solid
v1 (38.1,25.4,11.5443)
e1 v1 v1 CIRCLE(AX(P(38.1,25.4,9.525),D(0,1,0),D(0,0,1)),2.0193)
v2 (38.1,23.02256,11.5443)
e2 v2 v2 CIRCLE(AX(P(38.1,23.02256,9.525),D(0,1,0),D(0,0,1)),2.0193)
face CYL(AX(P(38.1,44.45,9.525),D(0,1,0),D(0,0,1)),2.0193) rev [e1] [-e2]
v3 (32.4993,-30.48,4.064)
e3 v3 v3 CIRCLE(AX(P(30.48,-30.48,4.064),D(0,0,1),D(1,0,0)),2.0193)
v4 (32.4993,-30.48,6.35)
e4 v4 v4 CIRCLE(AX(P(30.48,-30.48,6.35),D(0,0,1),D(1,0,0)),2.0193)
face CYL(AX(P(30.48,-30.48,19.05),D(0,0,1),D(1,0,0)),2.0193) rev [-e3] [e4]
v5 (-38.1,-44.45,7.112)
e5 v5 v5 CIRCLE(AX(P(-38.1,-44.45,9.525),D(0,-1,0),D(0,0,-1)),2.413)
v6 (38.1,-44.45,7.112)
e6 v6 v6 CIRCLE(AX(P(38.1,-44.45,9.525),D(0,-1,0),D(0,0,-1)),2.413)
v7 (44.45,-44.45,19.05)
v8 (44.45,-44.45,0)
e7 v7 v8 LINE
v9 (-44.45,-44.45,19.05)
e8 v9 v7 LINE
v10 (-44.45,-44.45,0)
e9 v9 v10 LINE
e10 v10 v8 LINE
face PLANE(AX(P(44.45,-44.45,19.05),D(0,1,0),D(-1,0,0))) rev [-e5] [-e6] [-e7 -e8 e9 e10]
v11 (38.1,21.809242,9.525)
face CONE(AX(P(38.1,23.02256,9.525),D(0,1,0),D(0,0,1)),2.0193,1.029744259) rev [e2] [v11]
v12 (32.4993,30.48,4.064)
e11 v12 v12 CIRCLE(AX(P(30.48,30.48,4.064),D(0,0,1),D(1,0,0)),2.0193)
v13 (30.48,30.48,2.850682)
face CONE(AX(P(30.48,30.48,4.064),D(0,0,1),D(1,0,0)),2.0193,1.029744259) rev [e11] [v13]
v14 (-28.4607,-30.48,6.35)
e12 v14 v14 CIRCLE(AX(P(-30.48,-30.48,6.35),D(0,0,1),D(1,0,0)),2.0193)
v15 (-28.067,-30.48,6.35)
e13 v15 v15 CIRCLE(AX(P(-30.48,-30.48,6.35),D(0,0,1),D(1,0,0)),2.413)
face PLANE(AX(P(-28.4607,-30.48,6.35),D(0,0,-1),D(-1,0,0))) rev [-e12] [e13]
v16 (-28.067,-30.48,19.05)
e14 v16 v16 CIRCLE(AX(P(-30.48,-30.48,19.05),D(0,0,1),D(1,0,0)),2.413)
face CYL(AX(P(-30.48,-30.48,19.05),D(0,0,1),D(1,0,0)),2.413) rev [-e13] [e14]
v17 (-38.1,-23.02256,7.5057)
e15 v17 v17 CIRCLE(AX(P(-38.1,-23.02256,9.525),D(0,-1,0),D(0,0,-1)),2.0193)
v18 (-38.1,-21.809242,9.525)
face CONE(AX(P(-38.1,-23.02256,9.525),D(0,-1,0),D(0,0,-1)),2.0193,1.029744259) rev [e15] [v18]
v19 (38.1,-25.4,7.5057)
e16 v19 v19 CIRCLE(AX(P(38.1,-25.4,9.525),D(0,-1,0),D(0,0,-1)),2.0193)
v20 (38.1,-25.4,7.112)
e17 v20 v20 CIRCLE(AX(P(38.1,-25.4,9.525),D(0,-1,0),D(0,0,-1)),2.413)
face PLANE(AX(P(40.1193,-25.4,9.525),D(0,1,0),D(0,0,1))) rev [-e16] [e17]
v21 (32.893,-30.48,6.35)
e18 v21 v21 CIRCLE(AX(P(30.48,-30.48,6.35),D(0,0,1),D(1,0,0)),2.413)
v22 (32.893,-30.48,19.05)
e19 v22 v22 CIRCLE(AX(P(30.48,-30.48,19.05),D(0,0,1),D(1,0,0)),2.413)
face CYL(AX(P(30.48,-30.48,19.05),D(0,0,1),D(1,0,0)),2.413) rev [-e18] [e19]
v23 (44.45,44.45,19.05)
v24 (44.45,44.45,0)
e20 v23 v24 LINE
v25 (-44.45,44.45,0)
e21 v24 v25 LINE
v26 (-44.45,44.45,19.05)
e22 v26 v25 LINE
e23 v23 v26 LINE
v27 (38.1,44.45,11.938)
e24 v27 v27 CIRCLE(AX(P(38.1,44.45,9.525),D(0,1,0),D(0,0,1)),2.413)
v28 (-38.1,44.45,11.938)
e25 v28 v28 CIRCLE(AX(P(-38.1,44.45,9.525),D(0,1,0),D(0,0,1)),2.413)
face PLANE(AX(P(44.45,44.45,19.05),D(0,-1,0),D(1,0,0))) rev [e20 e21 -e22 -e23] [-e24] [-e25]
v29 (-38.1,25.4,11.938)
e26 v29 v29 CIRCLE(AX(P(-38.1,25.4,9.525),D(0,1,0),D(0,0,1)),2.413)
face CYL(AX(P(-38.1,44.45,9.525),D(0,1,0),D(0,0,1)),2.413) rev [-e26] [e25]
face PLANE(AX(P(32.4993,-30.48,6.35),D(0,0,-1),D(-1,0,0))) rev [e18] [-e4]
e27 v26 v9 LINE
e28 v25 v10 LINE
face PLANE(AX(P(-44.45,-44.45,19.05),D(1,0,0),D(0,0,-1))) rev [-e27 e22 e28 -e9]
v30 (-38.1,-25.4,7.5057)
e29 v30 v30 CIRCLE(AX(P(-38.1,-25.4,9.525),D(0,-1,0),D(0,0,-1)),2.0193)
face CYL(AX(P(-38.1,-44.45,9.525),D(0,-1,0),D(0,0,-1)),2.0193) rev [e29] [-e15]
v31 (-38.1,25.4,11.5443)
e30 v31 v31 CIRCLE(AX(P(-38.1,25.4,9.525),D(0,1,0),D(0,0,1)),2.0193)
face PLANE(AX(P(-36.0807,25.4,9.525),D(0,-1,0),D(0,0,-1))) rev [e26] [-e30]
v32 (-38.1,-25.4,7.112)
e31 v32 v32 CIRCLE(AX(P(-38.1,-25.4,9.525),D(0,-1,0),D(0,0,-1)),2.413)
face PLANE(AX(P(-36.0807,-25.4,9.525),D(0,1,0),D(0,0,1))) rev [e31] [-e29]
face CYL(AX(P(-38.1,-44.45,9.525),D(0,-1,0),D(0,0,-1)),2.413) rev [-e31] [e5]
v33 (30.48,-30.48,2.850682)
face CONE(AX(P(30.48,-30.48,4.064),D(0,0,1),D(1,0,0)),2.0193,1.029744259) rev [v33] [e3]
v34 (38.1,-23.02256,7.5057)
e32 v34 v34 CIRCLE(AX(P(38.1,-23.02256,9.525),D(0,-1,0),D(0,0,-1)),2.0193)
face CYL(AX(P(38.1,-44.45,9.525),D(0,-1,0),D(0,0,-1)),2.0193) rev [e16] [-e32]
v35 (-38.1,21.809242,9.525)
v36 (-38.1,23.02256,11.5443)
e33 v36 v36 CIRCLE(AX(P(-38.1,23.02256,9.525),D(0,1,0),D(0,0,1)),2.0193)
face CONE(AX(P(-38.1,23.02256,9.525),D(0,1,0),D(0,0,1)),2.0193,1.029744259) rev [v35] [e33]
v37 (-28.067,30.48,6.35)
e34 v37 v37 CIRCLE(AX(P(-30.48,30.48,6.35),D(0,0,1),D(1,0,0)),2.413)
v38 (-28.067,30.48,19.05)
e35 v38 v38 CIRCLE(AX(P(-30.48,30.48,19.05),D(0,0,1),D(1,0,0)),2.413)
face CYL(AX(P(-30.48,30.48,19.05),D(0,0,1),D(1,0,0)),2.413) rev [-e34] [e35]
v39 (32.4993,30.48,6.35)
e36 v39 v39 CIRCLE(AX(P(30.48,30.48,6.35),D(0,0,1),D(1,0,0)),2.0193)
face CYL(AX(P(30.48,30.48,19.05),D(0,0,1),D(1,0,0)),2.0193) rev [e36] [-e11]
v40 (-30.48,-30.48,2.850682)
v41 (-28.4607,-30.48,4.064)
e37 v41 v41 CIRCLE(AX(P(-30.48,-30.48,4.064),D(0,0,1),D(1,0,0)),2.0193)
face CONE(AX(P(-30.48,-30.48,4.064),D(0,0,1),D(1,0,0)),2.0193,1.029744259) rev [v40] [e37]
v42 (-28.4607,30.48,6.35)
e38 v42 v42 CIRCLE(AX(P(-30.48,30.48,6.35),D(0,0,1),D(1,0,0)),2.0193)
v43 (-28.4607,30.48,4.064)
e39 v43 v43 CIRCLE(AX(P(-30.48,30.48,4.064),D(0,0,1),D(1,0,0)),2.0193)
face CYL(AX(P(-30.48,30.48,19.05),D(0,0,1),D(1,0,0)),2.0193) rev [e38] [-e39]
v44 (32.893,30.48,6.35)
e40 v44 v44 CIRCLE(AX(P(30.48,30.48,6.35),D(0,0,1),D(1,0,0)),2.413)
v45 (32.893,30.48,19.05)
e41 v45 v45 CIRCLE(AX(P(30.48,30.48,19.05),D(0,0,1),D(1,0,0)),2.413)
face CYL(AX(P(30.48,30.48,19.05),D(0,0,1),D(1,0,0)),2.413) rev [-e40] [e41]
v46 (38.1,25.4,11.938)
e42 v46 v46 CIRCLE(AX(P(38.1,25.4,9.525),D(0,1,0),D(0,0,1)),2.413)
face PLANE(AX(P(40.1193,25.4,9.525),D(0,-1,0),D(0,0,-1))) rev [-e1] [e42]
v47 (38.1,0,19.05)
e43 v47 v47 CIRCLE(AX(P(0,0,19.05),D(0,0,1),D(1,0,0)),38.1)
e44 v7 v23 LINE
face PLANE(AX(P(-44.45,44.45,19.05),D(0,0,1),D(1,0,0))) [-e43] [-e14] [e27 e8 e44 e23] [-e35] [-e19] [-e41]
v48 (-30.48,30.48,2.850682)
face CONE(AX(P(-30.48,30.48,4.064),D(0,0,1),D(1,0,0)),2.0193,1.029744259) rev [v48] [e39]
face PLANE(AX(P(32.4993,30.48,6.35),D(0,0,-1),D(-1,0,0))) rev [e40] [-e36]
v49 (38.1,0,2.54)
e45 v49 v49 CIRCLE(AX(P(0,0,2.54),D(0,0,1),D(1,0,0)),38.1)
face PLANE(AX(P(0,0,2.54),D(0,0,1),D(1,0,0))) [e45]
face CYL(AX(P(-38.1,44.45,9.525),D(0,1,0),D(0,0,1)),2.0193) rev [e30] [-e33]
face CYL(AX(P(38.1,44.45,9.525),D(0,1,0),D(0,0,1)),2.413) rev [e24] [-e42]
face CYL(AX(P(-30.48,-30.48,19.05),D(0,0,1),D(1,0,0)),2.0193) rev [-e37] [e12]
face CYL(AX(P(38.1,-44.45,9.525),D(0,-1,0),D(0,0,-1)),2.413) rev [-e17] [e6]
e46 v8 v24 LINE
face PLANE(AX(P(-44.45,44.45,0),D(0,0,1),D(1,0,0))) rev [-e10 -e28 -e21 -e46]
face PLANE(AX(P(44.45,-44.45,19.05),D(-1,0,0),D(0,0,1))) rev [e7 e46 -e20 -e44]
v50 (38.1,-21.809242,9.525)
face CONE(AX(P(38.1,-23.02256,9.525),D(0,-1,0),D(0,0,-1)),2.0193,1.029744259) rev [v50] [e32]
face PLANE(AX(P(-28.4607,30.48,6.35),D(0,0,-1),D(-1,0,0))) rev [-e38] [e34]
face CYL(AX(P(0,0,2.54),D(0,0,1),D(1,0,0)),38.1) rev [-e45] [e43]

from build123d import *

# Parameters (mm, degrees)
SKETCH1_W                        = 88.9
SKETCH1_H                        = 88.9
BOSS_EXTRUDE1_DEPTH              = 19.05
SKETCH2_R                        = 38.1
CUT_EXTRUDE1_DEPTH               = 16.51
F_10_32_TAPPED_HOLE1_AT_2_COUNT  = 2
F_10_32_TAPPED_HOLE1_AT_2_PITCH  = 76.2
F_10_32_TAPPED_HOLE2_D           = 4.0386
F_10_32_TAPPED_HOLE2_DEPTH       = 14.986
F_10_32_TAPPED_HOLE2_CBORE_D     = 4.826
F_10_32_TAPPED_HOLE2_CBORE_DEPTH = 12.7
F_10_32_TAPPED_HOLE2_TIP         = 1.213317848


with BuildPart() as part:
    # Sketch1 → Boss-Extrude1 (new body)
    with BuildSketch(Plane.XY):
        Rectangle(SKETCH1_W, SKETCH1_H)
    extrude(amount=BOSS_EXTRUDE1_DEPTH)

    # Sketch2 → Cut-Extrude1 (cut)
    with BuildSketch(Plane.XY.offset(19.05)):
        Circle(SKETCH2_R)
    extrude(amount=-CUT_EXTRUDE1_DEPTH, mode=Mode.SUBTRACT)

    # Sketch3 → #10-32 Tapped Hole1 (revolve, cut)
    with BuildSketch(Plane(origin=(-38.1, 44.45, 9.525), x_dir=(0, 0, 1), z_dir=(1, 0, 0))):
        Polygon((0, 0), (0, 22.640757848), (2.0193, 21.42744), (2.0193, 19.05), (2.413, 19.05), (2.413, 0), align=None)
    f_10_32_tapped_hole1 = revolve(axis=Axis((-38.1, 50.8, 9.525), (0, -1, 0)), mode=Mode.SUBTRACT)

    # #10-32 Tapped Hole1 at 2: #10-32 Tapped Hole1 ×2
    with Locations(*[(i * F_10_32_TAPPED_HOLE1_AT_2_PITCH, 0, 0) for i in range(1, F_10_32_TAPPED_HOLE1_AT_2_COUNT)]):
        add(f_10_32_tapped_hole1, mode=Mode.SUBTRACT)

    # Mirror1: #10-32 Tapped Hole1 across plane
    add(f_10_32_tapped_hole1.mirror(Plane.ZX), mode=Mode.SUBTRACT)

    # Mirror1 copy 1 sketch → Mirror1 copy 1 (revolve, cut)
    with BuildSketch(Plane(origin=(38.1, -44.45, 9.525), x_dir=(0, 0, 1), z_dir=(1, 0, 0))):
        Polygon((0, 0), (0, -22.640757848), (2.0193, -21.42744), (2.0193, -19.05), (2.413, -19.05), (2.413, 0), align=None)
    revolve(axis=Axis((38.1, -50.8, 9.525), (0, -1, 0)), mode=Mode.SUBTRACT)

    # #10-32 Tapped Hole2
    with Locations(Plane.XY.offset(19.05)):
        with Locations((30.48, -30.48), (-30.48, -30.48), (-30.48, 30.48), (30.48, 30.48)):
            CounterBoreHole(F_10_32_TAPPED_HOLE2_D / 2, F_10_32_TAPPED_HOLE2_CBORE_D / 2, F_10_32_TAPPED_HOLE2_CBORE_DEPTH, depth=F_10_32_TAPPED_HOLE2_DEPTH)
            with Locations((0, 0, -(F_10_32_TAPPED_HOLE2_DEPTH + F_10_32_TAPPED_HOLE2_TIP / 2))):  # 118° drill point
                Cone(0, F_10_32_TAPPED_HOLE2_D / 2, F_10_32_TAPPED_HOLE2_TIP, mode=Mode.SUBTRACT)


solid = part.part
